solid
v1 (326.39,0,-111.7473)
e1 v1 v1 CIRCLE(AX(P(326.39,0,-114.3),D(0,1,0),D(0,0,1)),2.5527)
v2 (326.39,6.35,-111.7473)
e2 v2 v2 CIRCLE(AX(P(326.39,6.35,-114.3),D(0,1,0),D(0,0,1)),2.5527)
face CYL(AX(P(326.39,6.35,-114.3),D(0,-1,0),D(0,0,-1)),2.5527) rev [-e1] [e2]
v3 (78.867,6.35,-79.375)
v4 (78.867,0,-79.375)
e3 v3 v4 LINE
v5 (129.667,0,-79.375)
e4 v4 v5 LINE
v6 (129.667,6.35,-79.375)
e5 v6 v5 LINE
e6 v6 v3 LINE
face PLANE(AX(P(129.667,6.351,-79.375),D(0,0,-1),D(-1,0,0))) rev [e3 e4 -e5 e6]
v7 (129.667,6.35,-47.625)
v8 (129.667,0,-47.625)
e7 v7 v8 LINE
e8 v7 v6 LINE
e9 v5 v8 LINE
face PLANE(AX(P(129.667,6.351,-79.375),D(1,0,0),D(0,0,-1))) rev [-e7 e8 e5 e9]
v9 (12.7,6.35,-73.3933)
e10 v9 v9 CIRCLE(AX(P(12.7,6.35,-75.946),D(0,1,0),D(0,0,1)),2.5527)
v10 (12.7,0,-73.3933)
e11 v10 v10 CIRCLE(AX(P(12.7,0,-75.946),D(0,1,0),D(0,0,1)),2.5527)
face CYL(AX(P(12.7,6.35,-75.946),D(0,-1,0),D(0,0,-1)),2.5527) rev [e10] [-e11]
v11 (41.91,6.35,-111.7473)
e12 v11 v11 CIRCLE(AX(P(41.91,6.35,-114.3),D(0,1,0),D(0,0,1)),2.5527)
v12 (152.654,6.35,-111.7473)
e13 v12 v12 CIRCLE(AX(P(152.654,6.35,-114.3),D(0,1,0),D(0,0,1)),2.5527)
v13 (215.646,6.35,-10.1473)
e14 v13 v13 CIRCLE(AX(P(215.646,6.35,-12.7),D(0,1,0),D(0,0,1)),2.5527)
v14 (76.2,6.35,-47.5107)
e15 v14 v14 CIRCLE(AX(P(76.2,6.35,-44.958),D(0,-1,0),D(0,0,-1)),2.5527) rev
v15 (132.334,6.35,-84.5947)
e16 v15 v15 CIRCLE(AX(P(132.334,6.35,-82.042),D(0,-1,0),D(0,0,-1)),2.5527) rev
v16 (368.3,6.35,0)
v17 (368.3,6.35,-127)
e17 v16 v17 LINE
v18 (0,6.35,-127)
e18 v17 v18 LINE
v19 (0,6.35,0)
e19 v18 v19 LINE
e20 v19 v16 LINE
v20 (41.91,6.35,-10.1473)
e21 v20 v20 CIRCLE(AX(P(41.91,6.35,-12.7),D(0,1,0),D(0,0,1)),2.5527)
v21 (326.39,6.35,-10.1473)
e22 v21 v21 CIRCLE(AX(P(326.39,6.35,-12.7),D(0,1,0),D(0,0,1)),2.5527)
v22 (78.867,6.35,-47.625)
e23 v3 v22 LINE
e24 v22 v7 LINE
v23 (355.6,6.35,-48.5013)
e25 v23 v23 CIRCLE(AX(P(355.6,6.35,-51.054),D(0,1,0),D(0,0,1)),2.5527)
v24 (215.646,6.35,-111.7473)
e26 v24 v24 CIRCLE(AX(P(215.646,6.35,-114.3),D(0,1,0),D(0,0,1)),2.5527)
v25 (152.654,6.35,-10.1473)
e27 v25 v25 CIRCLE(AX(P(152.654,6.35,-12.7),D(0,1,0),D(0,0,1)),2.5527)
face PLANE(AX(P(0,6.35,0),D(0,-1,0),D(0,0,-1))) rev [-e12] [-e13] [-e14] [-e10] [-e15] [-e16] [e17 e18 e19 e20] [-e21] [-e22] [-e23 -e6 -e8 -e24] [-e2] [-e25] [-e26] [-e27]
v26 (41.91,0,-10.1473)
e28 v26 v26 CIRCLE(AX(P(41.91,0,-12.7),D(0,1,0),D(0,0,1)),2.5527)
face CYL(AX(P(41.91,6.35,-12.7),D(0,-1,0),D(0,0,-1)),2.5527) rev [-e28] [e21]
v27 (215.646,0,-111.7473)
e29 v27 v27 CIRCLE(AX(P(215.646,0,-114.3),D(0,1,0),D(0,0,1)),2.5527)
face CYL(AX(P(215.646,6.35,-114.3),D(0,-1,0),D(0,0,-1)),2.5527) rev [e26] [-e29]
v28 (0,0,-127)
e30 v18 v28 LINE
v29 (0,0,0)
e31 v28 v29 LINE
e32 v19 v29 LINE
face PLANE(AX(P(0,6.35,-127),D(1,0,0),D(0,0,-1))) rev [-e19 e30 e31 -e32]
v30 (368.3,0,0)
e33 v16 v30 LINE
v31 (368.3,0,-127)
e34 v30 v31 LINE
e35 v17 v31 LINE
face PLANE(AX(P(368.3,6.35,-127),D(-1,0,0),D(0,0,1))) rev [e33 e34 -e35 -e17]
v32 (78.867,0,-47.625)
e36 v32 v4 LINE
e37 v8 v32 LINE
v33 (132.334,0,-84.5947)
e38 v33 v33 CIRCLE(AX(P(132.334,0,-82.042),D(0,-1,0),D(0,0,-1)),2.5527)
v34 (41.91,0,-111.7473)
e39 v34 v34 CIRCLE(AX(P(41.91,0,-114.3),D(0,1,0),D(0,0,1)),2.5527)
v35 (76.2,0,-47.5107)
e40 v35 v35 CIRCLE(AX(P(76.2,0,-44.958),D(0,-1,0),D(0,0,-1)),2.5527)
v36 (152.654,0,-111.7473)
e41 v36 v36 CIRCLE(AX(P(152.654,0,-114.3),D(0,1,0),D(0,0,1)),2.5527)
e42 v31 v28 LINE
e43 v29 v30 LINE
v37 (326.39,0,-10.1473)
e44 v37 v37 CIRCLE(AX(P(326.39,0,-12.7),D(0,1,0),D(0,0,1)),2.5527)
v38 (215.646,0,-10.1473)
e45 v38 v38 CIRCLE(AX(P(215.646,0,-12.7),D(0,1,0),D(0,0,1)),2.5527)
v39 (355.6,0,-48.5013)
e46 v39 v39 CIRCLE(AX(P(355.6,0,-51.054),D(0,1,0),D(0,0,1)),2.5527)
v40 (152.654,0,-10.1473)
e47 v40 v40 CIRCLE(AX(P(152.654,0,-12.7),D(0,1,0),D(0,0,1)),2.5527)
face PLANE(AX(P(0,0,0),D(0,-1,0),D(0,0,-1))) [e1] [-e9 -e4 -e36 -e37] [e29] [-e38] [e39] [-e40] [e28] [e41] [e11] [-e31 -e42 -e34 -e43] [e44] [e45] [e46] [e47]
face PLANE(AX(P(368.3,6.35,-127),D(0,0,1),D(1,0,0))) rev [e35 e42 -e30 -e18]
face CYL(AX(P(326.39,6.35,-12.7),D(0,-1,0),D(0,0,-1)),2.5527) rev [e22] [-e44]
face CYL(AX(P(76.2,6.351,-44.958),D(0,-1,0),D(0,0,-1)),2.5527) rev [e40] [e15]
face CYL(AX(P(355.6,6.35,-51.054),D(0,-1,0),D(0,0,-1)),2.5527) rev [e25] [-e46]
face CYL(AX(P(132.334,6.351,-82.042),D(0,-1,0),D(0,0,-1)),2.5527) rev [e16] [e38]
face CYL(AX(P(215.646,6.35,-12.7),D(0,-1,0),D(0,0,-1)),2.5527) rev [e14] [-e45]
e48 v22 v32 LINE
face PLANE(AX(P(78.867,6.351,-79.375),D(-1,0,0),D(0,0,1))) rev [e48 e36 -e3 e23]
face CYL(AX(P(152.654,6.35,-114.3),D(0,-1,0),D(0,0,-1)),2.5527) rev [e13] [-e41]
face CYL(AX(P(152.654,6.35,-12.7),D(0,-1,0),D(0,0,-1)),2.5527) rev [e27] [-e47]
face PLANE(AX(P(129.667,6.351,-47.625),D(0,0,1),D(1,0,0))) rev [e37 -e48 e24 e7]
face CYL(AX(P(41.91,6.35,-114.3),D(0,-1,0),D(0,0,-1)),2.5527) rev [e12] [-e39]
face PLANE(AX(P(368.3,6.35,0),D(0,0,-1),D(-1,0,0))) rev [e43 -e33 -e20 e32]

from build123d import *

# Parameters (mm, degrees)
SKETCH1_W           = 368.3
SKETCH1_H           = 127
SKETCH1_R           = 2.5527
BOSS_EXTRUDE1_DEPTH = 6.35
CUT_EXTRUDE1_REACH  = 391.633
SKETCH2_R           = 2.5527
SKETCH2_W           = 50.8
SKETCH2_H           = 31.75


with BuildPart() as part:
    # Sketch1 → Boss-Extrude1 (new body)
    with BuildSketch(Plane(origin=(0, 0, 0), x_dir=(1, 0, 0), z_dir=(0, 1, 0))):
        with Locations((184.15, 63.5)):
            Rectangle(SKETCH1_W, SKETCH1_H)
        with Locations(Location((326.39, 12.7, 0), (0, 0, 270))):
            Circle(SKETCH1_R, mode=Mode.SUBTRACT)
        with Locations(Location((41.91, 12.7, 0), (0, 0, 270))):
            Circle(SKETCH1_R, mode=Mode.SUBTRACT)
        with Locations(Location((41.91, 114.3, 0), (0, 0, 270))):
            Circle(SKETCH1_R, mode=Mode.SUBTRACT)
        with Locations(Location((326.39, 114.3, 0), (0, 0, 270))):
            Circle(SKETCH1_R, mode=Mode.SUBTRACT)
        with Locations(Location((215.646, 12.7, 0), (0, 0, 270))):
            Circle(SKETCH1_R, mode=Mode.SUBTRACT)
        with Locations(Location((152.654, 12.7, 0), (0, 0, 270))):
            Circle(SKETCH1_R, mode=Mode.SUBTRACT)
        with Locations(Location((215.646, 114.3, 0), (0, 0, 270))):
            Circle(SKETCH1_R, mode=Mode.SUBTRACT)
        with Locations(Location((152.654, 114.3, 0), (0, 0, 270))):
            Circle(SKETCH1_R, mode=Mode.SUBTRACT)
        with Locations(Location((12.7, 75.946, 0), (0, 0, 270))):
            Circle(SKETCH1_R, mode=Mode.SUBTRACT)
        with Locations(Location((355.6, 51.054, 0), (0, 0, 270))):
            Circle(SKETCH1_R, mode=Mode.SUBTRACT)
    extrude(amount=BOSS_EXTRUDE1_DEPTH)

    # Sketch2 → Cut-Extrude1 (cut, up to next)
    with BuildSketch(Plane.XZ, mode=Mode.PRIVATE) as cut_extrude1_sk1:
        with Locations(Location((76.2, -44.958, 0), (0, 0, 270))):
            Circle(SKETCH2_R)
    cut_extrude1_tool1 = extrude(cut_extrude1_sk1.sketch, amount=-CUT_EXTRUDE1_REACH, mode=Mode.PRIVATE) & part.part
    # Sketch2 → Cut-Extrude1 (cut, up to next)
    with BuildSketch(Plane.XZ, mode=Mode.PRIVATE) as cut_extrude1_sk2:
        with Locations(Location((132.334, -82.042, 0), (0, 0, 270))):
            Circle(SKETCH2_R)
    cut_extrude1_tool2 = extrude(cut_extrude1_sk2.sketch, amount=-CUT_EXTRUDE1_REACH, mode=Mode.PRIVATE) & part.part
    # Sketch2 → Cut-Extrude1 (cut, up to next)
    with BuildSketch(Plane.XZ, mode=Mode.PRIVATE) as cut_extrude1_sk3:
        with Locations((104.267, -63.5)):
            Rectangle(SKETCH2_W, SKETCH2_H)
    cut_extrude1_tool3 = extrude(cut_extrude1_sk3.sketch, amount=-CUT_EXTRUDE1_REACH, mode=Mode.PRIVATE) & part.part
    add(cut_extrude1_tool1.solids().sort_by_distance((76.2, 0, -44.958))[0], mode=Mode.SUBTRACT)
    add(cut_extrude1_tool2.solids().sort_by_distance((132.334, 0, -82.042))[0], mode=Mode.SUBTRACT)
    add(cut_extrude1_tool3.solids().sort_by_distance((104.267, 0, -63.5))[0], mode=Mode.SUBTRACT)


solid = part.part
